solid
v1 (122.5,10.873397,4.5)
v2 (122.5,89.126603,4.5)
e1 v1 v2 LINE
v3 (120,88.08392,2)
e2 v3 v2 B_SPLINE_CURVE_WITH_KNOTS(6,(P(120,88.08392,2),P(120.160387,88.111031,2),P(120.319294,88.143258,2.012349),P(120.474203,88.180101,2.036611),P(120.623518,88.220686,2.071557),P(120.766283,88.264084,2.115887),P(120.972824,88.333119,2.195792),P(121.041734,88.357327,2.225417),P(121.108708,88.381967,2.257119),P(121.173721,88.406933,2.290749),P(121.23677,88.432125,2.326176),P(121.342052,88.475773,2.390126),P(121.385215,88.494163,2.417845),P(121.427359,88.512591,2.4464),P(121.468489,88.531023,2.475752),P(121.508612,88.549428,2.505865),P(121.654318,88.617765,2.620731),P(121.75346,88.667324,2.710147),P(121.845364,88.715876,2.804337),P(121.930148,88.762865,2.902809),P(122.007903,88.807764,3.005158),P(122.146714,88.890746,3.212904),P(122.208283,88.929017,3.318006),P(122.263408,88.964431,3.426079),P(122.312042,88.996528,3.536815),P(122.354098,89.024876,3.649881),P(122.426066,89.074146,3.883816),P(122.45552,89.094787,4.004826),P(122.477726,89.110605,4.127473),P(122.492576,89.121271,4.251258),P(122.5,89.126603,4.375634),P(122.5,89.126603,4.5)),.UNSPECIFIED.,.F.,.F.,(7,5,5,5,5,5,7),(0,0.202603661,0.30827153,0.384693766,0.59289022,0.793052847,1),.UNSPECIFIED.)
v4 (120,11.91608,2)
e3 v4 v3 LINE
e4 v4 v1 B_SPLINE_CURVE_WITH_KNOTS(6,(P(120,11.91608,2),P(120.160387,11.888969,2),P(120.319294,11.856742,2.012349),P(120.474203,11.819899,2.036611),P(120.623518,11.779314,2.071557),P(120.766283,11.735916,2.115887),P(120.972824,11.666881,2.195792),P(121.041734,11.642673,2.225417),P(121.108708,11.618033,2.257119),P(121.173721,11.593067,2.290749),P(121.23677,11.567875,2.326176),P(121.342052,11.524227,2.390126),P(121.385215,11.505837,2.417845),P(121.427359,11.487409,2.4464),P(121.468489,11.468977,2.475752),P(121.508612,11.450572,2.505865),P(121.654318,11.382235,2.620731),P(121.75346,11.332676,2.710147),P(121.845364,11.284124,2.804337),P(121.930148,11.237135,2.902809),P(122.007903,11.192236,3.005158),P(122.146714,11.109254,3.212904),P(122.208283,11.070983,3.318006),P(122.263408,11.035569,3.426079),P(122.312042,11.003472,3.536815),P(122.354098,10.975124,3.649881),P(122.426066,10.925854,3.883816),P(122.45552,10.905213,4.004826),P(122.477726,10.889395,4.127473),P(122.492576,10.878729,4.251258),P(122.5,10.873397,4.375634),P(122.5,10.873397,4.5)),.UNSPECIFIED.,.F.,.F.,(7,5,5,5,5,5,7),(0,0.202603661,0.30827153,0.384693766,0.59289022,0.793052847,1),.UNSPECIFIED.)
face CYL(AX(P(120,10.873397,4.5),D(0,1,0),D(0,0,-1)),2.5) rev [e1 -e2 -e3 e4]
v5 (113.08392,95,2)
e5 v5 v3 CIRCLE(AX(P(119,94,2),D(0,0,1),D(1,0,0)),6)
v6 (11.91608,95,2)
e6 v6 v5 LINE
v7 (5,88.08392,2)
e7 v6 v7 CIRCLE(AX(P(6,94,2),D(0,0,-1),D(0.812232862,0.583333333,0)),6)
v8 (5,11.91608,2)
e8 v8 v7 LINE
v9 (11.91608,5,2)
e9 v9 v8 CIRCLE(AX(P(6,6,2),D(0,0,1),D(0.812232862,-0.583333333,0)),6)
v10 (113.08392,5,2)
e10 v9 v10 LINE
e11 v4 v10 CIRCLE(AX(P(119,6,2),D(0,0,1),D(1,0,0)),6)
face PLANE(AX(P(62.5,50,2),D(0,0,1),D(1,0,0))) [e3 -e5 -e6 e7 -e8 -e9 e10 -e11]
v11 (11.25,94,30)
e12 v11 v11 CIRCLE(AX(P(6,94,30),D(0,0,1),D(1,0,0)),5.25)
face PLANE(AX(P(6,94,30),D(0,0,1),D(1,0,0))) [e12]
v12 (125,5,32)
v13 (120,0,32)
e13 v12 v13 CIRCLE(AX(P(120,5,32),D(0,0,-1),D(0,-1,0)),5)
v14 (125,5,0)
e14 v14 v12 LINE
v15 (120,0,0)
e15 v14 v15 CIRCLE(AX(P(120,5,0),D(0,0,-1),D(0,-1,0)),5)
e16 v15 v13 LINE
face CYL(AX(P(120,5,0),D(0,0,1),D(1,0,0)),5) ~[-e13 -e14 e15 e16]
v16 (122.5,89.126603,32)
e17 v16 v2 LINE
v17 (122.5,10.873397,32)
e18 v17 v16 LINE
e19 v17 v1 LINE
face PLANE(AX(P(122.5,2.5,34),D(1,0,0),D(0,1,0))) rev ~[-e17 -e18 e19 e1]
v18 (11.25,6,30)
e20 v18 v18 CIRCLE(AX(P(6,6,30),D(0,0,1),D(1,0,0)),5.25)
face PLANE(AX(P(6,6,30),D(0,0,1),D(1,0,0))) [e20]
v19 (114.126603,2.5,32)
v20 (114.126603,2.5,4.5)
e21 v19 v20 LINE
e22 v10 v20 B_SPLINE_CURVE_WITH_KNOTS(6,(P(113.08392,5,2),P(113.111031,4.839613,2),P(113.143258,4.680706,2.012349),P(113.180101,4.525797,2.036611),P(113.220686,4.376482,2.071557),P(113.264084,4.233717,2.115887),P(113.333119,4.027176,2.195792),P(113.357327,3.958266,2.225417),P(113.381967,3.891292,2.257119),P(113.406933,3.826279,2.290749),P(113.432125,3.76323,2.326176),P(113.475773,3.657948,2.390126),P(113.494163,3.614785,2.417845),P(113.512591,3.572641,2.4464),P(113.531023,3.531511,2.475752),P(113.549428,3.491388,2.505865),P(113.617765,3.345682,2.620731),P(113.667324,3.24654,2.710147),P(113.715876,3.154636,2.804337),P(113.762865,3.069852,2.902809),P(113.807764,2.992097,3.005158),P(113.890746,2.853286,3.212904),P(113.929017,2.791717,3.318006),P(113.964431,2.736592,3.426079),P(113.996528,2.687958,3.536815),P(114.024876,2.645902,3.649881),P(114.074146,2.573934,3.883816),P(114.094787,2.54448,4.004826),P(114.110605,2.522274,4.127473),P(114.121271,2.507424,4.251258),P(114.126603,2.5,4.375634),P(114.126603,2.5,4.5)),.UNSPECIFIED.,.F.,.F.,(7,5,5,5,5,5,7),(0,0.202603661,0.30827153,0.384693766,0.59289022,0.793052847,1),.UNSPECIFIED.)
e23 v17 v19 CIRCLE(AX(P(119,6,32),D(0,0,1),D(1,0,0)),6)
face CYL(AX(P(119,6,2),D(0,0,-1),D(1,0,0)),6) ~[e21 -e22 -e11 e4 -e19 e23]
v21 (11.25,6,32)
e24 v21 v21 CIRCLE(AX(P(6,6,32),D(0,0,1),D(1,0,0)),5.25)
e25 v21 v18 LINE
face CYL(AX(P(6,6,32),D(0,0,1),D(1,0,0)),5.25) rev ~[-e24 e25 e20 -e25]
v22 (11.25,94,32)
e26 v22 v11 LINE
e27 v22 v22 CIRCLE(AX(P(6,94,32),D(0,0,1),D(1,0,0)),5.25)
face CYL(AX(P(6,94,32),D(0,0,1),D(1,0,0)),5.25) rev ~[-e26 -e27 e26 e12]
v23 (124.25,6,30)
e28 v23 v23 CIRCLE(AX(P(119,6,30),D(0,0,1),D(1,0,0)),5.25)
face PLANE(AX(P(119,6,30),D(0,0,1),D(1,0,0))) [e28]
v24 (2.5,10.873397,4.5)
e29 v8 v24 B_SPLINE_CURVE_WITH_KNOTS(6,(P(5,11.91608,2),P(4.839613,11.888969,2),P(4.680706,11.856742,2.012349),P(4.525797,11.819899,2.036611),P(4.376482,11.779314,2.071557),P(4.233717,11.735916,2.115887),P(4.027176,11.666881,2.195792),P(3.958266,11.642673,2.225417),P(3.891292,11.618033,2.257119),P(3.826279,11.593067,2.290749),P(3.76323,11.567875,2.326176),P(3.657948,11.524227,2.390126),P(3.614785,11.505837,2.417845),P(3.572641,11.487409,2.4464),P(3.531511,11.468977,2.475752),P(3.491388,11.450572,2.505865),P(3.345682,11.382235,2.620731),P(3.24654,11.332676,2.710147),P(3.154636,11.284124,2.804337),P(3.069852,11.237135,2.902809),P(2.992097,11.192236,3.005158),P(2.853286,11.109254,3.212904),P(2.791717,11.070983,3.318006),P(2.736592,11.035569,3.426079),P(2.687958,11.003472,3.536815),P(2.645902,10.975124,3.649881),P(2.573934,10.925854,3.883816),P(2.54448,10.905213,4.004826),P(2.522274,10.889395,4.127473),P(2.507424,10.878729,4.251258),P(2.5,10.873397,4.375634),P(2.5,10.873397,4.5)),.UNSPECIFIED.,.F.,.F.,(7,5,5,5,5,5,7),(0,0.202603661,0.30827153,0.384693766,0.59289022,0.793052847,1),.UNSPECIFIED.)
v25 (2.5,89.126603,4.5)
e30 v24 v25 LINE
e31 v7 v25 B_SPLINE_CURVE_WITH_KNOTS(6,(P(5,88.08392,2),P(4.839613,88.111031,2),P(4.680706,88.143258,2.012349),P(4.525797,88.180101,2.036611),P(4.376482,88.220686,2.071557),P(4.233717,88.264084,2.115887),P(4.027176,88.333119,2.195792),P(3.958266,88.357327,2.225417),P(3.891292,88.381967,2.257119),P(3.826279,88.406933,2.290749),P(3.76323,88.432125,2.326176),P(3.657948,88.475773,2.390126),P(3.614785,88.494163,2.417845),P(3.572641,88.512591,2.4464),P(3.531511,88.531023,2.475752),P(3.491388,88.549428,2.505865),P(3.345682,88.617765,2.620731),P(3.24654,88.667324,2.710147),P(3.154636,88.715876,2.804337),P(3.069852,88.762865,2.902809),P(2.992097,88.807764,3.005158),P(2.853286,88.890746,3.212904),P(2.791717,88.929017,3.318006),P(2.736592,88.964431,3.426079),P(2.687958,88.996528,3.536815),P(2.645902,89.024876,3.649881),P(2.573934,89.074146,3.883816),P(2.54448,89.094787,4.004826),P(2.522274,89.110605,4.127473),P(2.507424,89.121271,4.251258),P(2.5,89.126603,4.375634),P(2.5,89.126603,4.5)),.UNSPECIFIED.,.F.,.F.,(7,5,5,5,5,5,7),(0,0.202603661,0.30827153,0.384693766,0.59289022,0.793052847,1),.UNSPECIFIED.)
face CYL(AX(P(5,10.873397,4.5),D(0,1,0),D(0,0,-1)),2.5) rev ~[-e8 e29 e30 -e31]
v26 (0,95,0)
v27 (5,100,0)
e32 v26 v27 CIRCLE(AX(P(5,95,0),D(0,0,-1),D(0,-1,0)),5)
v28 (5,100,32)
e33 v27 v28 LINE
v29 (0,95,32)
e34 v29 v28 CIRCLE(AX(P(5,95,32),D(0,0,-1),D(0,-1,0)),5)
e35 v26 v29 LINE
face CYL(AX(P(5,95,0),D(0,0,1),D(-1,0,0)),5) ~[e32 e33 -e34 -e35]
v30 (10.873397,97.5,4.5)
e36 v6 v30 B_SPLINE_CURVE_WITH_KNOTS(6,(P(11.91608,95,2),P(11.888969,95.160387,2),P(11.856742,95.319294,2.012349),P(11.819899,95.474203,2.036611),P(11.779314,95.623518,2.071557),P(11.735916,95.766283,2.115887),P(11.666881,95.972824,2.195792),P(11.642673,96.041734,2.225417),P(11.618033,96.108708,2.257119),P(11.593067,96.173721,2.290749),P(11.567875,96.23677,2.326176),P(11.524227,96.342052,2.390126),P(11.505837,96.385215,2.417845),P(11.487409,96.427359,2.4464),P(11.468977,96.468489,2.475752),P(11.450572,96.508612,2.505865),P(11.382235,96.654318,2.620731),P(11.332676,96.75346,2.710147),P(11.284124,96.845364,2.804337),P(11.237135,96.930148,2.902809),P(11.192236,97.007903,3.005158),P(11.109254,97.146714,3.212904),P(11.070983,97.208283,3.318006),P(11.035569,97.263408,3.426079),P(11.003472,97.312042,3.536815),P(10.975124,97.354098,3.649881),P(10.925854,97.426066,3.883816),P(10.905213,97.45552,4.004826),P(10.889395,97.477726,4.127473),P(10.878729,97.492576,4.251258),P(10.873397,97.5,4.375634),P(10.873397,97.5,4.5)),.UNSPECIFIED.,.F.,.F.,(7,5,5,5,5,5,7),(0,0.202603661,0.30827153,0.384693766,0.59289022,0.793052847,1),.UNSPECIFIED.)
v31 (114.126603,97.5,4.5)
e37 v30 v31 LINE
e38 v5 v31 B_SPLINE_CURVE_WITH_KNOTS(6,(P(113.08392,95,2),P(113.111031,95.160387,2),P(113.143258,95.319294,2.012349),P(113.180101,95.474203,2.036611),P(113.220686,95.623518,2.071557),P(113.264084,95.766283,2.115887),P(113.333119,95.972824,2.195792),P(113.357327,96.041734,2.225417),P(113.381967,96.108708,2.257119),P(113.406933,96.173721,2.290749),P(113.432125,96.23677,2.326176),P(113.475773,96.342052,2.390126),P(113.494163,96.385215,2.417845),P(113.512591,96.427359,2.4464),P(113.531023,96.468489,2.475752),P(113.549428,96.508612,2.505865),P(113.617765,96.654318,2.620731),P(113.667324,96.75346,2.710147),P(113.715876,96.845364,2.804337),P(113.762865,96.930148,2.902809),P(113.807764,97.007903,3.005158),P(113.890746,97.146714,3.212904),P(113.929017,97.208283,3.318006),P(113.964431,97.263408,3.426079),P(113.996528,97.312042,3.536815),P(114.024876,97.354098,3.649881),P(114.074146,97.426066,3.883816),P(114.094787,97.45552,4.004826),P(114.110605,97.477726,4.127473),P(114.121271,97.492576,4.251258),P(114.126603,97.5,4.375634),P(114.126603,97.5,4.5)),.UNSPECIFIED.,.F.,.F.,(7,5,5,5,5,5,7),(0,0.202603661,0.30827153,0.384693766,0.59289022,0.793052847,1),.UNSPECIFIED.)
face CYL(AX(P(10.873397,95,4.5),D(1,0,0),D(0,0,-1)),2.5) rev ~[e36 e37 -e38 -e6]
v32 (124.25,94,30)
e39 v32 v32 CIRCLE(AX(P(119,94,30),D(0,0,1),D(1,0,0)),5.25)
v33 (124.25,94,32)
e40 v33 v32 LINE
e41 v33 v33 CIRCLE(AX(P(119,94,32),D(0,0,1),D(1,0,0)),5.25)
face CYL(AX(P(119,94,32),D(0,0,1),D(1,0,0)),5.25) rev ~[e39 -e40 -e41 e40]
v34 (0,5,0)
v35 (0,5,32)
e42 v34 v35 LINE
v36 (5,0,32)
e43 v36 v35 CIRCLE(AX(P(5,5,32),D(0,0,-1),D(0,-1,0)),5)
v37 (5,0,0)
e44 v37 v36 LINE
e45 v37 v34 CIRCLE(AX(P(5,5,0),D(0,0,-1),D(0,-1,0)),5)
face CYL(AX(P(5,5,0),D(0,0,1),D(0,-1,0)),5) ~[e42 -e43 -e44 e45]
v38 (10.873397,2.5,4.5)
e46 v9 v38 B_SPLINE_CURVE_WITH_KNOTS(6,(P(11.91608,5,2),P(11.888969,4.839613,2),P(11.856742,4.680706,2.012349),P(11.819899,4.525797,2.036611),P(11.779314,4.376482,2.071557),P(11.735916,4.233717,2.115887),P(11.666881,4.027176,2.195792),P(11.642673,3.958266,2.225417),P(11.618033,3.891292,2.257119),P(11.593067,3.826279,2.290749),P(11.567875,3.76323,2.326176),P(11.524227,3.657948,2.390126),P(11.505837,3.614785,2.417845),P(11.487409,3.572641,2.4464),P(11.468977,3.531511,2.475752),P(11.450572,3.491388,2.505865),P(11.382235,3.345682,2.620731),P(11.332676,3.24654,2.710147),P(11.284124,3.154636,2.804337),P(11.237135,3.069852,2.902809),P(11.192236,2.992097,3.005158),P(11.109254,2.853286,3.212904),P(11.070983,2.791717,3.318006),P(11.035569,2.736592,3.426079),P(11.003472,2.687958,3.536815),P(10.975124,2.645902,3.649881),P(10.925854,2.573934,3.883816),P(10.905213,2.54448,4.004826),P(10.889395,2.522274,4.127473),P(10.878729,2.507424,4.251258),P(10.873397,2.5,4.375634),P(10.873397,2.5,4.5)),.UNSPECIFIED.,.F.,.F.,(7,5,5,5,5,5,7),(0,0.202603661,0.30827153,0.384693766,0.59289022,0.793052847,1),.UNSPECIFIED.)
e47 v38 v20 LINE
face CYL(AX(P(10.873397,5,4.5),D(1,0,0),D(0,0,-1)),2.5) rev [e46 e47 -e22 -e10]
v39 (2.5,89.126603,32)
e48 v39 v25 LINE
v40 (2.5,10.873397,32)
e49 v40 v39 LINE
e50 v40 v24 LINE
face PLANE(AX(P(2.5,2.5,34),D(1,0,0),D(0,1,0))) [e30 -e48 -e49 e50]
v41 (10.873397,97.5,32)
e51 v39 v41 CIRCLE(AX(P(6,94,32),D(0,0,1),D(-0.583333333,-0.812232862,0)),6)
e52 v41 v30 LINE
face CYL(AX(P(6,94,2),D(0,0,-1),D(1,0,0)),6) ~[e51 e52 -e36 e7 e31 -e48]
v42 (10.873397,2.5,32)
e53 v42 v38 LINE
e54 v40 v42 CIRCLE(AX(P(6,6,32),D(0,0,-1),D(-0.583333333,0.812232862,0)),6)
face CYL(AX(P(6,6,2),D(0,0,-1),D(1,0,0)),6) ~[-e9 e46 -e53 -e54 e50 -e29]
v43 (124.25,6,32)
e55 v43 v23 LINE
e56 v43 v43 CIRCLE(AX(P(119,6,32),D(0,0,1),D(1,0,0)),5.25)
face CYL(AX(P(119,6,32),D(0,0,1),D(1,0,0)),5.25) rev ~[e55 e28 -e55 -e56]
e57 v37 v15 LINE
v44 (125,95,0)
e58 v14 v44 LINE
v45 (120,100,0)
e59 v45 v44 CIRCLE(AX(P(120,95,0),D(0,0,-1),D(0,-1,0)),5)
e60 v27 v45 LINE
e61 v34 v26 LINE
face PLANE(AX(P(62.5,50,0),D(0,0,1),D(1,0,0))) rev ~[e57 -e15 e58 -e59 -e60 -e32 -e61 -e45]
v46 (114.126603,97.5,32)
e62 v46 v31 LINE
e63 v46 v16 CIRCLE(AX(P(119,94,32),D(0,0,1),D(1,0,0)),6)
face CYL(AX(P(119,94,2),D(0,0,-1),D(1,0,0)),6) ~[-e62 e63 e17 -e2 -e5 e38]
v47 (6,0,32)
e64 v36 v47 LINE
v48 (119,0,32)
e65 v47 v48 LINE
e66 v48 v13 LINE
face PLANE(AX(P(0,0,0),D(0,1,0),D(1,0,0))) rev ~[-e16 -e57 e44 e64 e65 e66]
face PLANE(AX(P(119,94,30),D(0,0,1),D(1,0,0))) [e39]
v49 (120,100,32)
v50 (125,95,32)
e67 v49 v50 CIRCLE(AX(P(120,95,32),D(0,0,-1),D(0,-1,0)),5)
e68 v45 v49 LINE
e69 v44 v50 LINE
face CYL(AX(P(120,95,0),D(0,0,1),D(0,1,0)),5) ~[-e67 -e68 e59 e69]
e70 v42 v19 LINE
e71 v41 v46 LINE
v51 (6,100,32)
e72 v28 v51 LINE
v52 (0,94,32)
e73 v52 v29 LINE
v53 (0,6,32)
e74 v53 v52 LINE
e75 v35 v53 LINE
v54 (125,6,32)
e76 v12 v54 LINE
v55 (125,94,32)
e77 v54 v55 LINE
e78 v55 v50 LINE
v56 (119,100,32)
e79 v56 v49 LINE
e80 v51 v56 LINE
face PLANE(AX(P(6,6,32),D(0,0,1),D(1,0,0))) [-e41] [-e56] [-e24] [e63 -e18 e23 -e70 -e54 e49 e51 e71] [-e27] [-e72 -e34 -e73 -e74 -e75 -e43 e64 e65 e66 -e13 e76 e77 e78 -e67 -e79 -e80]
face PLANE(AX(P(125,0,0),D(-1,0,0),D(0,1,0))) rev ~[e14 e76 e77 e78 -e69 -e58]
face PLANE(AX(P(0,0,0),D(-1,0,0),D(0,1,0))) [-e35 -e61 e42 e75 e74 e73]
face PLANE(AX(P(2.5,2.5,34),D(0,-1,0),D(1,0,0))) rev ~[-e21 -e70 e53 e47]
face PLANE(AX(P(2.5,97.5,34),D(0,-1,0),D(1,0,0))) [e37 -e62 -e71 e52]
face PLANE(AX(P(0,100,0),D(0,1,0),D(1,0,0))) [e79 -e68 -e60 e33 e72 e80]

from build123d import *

# Parameters (mm, degrees)
SKETCH_W        = 125
SKETCH_H        = 100
PAD_DEPTH       = 32
SKETCH001_W     = 120
SKETCH001_H     = 95
POCKET_DEPTH    = 32
SKETCH002_R     = 6
PAD001_DEPTH    = 30
SKETCH003_R     = 5.25
POCKET001_DEPTH = 2
FILLET_R        = 2.5
FILLET001_R     = 2.5
FILLET002_R     = 2.5
FILLET003_R     = 2.5
FILLET004_R     = 5
FILLET005_R     = 5
FILLET006_R     = 5
FILLET007_R     = 5


with BuildPart() as part:
    # Sketch → Pad (new body)
    with BuildSketch(Plane.XY):
        with Locations((62.5, 50)):
            Rectangle(SKETCH_W, SKETCH_H)
    extrude(amount=PAD_DEPTH)

    # Sketch001 → Pocket (cut)
    with BuildSketch(Plane.XY.offset(34)):
        with Locations((62.5, 50)):
            Rectangle(SKETCH001_W, SKETCH001_H)
    extrude(amount=-POCKET_DEPTH, mode=Mode.SUBTRACT)

    # Sketch002 (on Face11 of Pocket) → Pad001 (join)
    with BuildSketch(Plane.XY.offset(2)):
        with Locations((6, 6)):
            Circle(SKETCH002_R)
        with Locations((6, 94)):
            Circle(SKETCH002_R)
        with Locations((119, 94)):
            Circle(SKETCH002_R)
        with Locations((119, 6)):
            Circle(SKETCH002_R)
    extrude(amount=PAD001_DEPTH)

    # Sketch003 (on Face27 of Pad001) → Pocket001 (cut)
    with BuildSketch(Plane.XY.offset(32)):
        with Locations((6, 6)):
            Circle(SKETCH003_R)
        with Locations((6, 94)):
            Circle(SKETCH003_R)
        with Locations((119, 94)):
            Circle(SKETCH003_R)
        with Locations((119, 6)):
            Circle(SKETCH003_R)
    extrude(amount=-POCKET001_DEPTH, mode=Mode.SUBTRACT)

    # Fillet
    fillet_edges = [part.edges().sort_by_distance(p)[0] for p in [
        (62.5, 2.5, 2),
    ]]
    fillet(fillet_edges, radius=FILLET_R)

    # Fillet001
    fillet001_edges = [part.edges().sort_by_distance(p)[0] for p in [
        (122.5, 50, 2),
    ]]
    fillet(fillet001_edges, radius=FILLET001_R)

    # Fillet002
    fillet002_edges = [part.edges().sort_by_distance(p)[0] for p in [
        (62.5, 97.5, 2),
    ]]
    fillet(fillet002_edges, radius=FILLET002_R)

    # Fillet003
    fillet003_edges = [part.edges().sort_by_distance(p)[0] for p in [
        (2.5, 50, 2),
    ]]
    fillet(fillet003_edges, radius=FILLET003_R)

    # Fillet004
    fillet004_edges = [part.edges().sort_by_distance(p)[0] for p in [
        (125, 100, 16),
    ]]
    fillet(fillet004_edges, radius=FILLET004_R)

    # Fillet005
    fillet005_edges = [part.edges().sort_by_distance(p)[0] for p in [
        (125, 0, 16),
    ]]
    fillet(fillet005_edges, radius=FILLET005_R)

    # Fillet006
    fillet006_edges = [part.edges().sort_by_distance(p)[0] for p in [
        (0, 0, 16),
    ]]
    fillet(fillet006_edges, radius=FILLET006_R)

    # Fillet007
    fillet007_edges = [part.edges().sort_by_distance(p)[0] for p in [
        (0, 100, 16),
    ]]
    fillet(fillet007_edges, radius=FILLET007_R)


solid = part.part
